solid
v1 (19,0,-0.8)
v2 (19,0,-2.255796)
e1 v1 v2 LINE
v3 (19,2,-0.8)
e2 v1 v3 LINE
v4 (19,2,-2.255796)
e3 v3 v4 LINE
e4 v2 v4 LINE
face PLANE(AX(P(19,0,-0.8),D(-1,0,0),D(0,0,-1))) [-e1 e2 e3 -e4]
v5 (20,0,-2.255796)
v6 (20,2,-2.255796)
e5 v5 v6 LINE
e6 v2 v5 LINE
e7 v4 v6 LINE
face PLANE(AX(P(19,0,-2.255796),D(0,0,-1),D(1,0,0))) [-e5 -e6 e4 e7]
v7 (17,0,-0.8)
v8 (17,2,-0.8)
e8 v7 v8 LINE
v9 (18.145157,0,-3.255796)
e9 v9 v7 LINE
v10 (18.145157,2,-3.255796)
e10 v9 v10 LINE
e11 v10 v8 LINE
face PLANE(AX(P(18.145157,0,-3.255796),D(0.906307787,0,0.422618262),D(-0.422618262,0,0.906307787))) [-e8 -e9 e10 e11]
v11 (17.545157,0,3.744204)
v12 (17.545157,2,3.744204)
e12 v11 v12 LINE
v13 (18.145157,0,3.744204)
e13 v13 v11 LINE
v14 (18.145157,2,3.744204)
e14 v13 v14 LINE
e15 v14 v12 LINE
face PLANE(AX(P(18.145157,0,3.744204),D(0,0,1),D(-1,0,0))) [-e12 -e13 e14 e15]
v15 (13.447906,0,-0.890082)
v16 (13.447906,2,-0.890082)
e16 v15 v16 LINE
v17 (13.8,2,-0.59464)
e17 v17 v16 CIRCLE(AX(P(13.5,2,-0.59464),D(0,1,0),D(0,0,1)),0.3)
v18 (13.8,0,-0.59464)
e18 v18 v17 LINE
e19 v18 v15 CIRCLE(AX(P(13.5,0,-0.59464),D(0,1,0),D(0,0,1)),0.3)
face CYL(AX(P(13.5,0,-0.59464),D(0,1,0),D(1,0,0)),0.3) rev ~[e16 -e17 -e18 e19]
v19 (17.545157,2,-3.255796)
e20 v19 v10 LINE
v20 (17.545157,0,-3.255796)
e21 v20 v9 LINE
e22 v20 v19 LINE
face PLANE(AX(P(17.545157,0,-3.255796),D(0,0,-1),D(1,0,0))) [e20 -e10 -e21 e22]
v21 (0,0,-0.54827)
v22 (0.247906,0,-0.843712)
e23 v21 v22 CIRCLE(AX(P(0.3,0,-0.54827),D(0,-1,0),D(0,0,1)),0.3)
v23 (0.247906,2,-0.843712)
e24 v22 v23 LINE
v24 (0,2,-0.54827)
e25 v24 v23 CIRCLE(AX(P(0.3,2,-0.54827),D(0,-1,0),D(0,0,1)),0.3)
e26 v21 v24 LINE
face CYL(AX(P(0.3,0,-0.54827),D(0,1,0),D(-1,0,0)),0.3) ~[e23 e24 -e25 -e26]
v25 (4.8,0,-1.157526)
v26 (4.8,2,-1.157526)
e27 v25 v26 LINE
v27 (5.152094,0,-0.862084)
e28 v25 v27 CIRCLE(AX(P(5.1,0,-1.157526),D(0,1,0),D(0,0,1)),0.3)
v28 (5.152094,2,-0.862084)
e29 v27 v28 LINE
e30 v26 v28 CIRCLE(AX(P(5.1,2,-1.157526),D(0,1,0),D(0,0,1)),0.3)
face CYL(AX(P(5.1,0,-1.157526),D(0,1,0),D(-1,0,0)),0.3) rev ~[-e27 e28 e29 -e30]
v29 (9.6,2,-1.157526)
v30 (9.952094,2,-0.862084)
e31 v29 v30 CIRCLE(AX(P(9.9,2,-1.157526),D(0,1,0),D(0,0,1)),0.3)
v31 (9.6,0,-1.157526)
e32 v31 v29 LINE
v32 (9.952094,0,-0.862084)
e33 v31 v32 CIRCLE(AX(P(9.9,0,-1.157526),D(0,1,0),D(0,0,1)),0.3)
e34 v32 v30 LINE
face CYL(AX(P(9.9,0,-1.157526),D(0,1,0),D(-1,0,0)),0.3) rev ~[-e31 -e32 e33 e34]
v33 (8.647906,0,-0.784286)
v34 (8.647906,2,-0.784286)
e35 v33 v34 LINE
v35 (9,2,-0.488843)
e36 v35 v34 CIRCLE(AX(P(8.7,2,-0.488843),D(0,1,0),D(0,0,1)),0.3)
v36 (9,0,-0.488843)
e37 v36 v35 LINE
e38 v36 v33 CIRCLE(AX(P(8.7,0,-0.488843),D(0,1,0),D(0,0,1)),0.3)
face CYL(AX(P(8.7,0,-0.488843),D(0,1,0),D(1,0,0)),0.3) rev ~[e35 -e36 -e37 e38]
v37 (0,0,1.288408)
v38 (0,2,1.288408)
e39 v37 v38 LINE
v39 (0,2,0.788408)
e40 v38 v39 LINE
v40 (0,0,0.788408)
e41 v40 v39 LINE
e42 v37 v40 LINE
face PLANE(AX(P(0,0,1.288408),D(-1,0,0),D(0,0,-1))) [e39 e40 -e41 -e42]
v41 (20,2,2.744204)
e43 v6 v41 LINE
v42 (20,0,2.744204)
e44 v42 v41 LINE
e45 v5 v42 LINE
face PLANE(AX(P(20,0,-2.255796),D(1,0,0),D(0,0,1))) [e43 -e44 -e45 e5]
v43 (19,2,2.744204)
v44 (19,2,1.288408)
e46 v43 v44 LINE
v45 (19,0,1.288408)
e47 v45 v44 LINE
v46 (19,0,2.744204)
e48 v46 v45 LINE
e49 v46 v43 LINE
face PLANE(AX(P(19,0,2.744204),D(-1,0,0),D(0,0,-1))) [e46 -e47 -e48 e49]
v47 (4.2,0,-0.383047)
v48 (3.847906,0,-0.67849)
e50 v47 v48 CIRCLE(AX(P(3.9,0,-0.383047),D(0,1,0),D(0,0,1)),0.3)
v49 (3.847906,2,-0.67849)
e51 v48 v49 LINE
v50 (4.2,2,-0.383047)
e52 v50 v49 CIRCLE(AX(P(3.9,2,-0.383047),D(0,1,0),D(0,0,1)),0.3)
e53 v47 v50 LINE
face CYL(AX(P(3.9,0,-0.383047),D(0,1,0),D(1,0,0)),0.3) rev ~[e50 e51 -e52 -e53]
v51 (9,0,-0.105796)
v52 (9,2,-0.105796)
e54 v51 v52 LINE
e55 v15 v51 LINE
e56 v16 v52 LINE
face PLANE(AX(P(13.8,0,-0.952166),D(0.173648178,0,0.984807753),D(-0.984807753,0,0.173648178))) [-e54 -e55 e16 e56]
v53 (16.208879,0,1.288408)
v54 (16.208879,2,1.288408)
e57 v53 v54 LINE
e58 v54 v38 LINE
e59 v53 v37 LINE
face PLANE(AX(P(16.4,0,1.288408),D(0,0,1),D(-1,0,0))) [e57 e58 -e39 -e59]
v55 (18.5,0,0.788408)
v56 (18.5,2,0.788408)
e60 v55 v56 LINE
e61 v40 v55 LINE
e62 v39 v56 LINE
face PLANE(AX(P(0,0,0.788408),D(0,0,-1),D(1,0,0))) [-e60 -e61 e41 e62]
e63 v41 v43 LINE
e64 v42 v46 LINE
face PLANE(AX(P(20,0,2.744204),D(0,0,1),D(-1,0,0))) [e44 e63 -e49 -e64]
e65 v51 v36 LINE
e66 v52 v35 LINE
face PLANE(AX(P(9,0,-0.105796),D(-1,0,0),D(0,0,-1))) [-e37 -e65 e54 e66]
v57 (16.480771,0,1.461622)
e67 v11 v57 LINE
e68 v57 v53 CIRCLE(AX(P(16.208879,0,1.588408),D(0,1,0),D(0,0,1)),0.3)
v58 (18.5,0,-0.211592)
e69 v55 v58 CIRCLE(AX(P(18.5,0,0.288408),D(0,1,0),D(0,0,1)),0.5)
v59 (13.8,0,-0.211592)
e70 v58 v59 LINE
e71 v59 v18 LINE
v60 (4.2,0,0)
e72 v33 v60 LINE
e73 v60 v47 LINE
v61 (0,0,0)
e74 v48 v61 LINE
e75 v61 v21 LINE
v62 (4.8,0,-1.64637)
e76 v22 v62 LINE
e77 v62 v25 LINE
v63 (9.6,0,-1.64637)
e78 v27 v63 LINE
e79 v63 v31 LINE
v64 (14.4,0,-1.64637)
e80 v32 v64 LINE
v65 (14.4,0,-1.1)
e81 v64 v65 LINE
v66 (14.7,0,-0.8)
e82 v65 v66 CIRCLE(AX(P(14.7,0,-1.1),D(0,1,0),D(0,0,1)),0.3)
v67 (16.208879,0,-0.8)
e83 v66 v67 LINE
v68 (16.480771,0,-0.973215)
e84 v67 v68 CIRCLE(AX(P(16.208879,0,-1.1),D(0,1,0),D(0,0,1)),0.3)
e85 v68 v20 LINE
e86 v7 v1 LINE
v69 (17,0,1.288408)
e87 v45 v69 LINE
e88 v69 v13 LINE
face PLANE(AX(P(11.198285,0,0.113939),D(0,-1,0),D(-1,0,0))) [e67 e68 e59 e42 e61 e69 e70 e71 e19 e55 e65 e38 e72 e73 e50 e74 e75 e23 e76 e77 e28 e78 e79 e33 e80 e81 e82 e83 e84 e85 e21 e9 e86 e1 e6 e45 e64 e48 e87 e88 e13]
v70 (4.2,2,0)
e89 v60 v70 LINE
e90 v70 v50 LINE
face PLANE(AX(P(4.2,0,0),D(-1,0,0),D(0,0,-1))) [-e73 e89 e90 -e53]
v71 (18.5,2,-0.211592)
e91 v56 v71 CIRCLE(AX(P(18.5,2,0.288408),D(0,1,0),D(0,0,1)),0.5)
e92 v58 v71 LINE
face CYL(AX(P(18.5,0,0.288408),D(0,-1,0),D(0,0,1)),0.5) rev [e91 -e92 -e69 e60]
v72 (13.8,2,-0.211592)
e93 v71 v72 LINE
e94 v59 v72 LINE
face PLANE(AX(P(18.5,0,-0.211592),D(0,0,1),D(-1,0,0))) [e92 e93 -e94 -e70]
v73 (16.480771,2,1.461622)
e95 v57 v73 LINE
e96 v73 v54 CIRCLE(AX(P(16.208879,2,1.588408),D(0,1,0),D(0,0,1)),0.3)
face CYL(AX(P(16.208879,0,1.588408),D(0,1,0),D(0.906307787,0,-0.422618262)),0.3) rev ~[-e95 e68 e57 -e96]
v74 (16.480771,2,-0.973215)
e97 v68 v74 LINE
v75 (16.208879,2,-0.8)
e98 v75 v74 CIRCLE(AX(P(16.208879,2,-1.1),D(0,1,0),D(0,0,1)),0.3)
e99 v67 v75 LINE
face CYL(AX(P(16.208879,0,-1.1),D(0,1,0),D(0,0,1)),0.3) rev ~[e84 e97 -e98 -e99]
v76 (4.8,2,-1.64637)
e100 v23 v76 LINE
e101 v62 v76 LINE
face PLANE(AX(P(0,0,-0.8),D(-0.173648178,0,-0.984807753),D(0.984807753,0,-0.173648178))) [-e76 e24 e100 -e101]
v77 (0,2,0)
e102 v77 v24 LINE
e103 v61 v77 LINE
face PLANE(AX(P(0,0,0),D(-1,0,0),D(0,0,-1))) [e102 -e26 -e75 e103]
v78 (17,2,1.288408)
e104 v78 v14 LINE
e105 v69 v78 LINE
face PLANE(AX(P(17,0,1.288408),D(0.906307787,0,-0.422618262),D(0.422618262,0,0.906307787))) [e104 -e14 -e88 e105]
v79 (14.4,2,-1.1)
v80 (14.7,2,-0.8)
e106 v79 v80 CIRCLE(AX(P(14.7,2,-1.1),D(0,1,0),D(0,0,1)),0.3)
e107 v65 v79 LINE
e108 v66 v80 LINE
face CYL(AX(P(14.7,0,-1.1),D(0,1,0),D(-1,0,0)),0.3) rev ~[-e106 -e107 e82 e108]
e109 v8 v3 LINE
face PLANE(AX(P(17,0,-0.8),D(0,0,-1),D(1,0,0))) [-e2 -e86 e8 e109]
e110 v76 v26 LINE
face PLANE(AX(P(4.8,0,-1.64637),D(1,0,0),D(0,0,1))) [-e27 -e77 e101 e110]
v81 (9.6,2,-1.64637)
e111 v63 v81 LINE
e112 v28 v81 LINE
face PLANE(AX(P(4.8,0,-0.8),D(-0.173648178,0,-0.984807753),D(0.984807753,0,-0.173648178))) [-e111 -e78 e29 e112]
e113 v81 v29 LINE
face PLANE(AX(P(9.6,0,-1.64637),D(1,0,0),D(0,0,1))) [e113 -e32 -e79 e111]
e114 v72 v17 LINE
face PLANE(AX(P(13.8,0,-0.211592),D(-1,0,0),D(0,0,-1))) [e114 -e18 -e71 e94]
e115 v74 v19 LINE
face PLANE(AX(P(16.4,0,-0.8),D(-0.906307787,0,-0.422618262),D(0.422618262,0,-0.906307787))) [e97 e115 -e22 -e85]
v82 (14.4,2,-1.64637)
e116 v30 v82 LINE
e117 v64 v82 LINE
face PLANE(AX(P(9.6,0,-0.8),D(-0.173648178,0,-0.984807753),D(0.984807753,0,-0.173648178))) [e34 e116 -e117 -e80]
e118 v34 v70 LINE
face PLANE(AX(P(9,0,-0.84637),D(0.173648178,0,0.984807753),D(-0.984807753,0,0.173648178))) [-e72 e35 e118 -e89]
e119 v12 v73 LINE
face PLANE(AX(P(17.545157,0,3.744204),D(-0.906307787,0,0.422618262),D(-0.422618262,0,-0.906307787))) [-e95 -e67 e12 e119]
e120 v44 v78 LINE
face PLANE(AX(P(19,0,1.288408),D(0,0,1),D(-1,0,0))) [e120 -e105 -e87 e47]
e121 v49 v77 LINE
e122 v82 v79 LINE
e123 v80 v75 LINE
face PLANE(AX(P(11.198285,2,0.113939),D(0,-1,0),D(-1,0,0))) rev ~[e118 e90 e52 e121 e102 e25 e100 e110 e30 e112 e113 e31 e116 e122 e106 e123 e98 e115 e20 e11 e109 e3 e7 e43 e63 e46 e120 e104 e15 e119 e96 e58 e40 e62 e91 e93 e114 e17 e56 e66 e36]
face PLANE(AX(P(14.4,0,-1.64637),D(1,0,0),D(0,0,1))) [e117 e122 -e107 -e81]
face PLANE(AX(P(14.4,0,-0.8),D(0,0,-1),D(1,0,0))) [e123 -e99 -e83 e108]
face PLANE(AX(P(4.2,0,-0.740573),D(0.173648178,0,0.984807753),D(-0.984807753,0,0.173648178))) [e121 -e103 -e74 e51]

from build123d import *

# Parameters (mm, degrees)
BOSS_EXTRUDE1_DEPTH = 2
FILLET1_R           = 0.3


with BuildPart() as part:
    # Sketch1 → Boss-Extrude1 (new body)
    with BuildSketch(Plane(origin=(0, 0, 0), x_dir=(1, 0, 0), z_dir=(0, 1, 0))):
        with BuildLine():
            Line((0, 0), (0, 0.8))
            Line((0, 0.8), (4.8, 1.646369507))
            Line((4.8, 1.646369507), (4.8, 0.8))
            Line((4.8, 0.8), (9.6, 1.646369507))
            Line((9.6, 1.646369507), (9.6, 0.8))
            Line((9.6, 0.8), (14.4, 1.646369507))
            Line((14.4, 1.646369507), (14.4, 0.8))
            Line((14.4, 0.8), (16.4, 0.8))
            Line((16.4, 0.8), (17.54515657, 3.255796188))
            Line((17.54515657, 3.255796188), (18.14515657, 3.255796188))
            Line((18.14515657, 3.255796188), (17, 0.8))
            Line((17, 0.8), (19, 0.8))
            Line((19, 0.8), (19, 2.255796188))
            Line((19, 2.255796188), (20, 2.255796188))
            Line((20, 2.255796188), (20, -2.744203812))
            Line((20, -2.744203812), (19, -2.744203812))
            Line((19, -2.744203812), (19, -1.288407623))
            Line((19, -1.288407623), (17, -1.288407623))
            Line((17, -1.288407623), (18.14515657, -3.744203812))
            Line((18.14515657, -3.744203812), (17.54515657, -3.744203812))
            Line((17.54515657, -3.744203812), (16.4, -1.288407623))
            Line((16.4, -1.288407623), (0, -1.288407623))
            Line((0, -1.288407623), (0, -0.788407623))
            Line((0, -0.788407623), (18.5, -0.788407623))
            ThreePointArc((18.5, -0.788407623), (19, -0.288407623), (18.5, 0.211592377))
            Line((18.5, 0.211592377), (13.8, 0.211592377))
            Line((13.8, 0.211592377), (13.8, 0.952165696))
            Line((13.8, 0.952165696), (9, 0.105796188))
            Line((9, 0.105796188), (9, 0.846369507))
            Line((9, 0.846369507), (4.2, 0))
            Line((4.2, 0), (4.2, 0.740573319))
            Line((4.2, 0.740573319), (0, 0))
        make_face()
    extrude(amount=BOSS_EXTRUDE1_DEPTH)

    # Fillet1
    fillet1_edges = [part.edges().sort_by_distance(p)[0] for p in [
        (0, 1, -0.8),
        (4.8, 1, -0.8),
        (9.6, 1, -0.8),
        (14.4, 1, -0.8),
        (16.4, 1, -0.8),
        (16.4, 1, 1.288407623),
        (13.8, 1, -0.952165696),
        (9, 1, -0.846369507),
        (4.2, 1, -0.740573319),
    ]]
    fillet(fillet1_edges, radius=FILLET1_R)


solid = part.part
